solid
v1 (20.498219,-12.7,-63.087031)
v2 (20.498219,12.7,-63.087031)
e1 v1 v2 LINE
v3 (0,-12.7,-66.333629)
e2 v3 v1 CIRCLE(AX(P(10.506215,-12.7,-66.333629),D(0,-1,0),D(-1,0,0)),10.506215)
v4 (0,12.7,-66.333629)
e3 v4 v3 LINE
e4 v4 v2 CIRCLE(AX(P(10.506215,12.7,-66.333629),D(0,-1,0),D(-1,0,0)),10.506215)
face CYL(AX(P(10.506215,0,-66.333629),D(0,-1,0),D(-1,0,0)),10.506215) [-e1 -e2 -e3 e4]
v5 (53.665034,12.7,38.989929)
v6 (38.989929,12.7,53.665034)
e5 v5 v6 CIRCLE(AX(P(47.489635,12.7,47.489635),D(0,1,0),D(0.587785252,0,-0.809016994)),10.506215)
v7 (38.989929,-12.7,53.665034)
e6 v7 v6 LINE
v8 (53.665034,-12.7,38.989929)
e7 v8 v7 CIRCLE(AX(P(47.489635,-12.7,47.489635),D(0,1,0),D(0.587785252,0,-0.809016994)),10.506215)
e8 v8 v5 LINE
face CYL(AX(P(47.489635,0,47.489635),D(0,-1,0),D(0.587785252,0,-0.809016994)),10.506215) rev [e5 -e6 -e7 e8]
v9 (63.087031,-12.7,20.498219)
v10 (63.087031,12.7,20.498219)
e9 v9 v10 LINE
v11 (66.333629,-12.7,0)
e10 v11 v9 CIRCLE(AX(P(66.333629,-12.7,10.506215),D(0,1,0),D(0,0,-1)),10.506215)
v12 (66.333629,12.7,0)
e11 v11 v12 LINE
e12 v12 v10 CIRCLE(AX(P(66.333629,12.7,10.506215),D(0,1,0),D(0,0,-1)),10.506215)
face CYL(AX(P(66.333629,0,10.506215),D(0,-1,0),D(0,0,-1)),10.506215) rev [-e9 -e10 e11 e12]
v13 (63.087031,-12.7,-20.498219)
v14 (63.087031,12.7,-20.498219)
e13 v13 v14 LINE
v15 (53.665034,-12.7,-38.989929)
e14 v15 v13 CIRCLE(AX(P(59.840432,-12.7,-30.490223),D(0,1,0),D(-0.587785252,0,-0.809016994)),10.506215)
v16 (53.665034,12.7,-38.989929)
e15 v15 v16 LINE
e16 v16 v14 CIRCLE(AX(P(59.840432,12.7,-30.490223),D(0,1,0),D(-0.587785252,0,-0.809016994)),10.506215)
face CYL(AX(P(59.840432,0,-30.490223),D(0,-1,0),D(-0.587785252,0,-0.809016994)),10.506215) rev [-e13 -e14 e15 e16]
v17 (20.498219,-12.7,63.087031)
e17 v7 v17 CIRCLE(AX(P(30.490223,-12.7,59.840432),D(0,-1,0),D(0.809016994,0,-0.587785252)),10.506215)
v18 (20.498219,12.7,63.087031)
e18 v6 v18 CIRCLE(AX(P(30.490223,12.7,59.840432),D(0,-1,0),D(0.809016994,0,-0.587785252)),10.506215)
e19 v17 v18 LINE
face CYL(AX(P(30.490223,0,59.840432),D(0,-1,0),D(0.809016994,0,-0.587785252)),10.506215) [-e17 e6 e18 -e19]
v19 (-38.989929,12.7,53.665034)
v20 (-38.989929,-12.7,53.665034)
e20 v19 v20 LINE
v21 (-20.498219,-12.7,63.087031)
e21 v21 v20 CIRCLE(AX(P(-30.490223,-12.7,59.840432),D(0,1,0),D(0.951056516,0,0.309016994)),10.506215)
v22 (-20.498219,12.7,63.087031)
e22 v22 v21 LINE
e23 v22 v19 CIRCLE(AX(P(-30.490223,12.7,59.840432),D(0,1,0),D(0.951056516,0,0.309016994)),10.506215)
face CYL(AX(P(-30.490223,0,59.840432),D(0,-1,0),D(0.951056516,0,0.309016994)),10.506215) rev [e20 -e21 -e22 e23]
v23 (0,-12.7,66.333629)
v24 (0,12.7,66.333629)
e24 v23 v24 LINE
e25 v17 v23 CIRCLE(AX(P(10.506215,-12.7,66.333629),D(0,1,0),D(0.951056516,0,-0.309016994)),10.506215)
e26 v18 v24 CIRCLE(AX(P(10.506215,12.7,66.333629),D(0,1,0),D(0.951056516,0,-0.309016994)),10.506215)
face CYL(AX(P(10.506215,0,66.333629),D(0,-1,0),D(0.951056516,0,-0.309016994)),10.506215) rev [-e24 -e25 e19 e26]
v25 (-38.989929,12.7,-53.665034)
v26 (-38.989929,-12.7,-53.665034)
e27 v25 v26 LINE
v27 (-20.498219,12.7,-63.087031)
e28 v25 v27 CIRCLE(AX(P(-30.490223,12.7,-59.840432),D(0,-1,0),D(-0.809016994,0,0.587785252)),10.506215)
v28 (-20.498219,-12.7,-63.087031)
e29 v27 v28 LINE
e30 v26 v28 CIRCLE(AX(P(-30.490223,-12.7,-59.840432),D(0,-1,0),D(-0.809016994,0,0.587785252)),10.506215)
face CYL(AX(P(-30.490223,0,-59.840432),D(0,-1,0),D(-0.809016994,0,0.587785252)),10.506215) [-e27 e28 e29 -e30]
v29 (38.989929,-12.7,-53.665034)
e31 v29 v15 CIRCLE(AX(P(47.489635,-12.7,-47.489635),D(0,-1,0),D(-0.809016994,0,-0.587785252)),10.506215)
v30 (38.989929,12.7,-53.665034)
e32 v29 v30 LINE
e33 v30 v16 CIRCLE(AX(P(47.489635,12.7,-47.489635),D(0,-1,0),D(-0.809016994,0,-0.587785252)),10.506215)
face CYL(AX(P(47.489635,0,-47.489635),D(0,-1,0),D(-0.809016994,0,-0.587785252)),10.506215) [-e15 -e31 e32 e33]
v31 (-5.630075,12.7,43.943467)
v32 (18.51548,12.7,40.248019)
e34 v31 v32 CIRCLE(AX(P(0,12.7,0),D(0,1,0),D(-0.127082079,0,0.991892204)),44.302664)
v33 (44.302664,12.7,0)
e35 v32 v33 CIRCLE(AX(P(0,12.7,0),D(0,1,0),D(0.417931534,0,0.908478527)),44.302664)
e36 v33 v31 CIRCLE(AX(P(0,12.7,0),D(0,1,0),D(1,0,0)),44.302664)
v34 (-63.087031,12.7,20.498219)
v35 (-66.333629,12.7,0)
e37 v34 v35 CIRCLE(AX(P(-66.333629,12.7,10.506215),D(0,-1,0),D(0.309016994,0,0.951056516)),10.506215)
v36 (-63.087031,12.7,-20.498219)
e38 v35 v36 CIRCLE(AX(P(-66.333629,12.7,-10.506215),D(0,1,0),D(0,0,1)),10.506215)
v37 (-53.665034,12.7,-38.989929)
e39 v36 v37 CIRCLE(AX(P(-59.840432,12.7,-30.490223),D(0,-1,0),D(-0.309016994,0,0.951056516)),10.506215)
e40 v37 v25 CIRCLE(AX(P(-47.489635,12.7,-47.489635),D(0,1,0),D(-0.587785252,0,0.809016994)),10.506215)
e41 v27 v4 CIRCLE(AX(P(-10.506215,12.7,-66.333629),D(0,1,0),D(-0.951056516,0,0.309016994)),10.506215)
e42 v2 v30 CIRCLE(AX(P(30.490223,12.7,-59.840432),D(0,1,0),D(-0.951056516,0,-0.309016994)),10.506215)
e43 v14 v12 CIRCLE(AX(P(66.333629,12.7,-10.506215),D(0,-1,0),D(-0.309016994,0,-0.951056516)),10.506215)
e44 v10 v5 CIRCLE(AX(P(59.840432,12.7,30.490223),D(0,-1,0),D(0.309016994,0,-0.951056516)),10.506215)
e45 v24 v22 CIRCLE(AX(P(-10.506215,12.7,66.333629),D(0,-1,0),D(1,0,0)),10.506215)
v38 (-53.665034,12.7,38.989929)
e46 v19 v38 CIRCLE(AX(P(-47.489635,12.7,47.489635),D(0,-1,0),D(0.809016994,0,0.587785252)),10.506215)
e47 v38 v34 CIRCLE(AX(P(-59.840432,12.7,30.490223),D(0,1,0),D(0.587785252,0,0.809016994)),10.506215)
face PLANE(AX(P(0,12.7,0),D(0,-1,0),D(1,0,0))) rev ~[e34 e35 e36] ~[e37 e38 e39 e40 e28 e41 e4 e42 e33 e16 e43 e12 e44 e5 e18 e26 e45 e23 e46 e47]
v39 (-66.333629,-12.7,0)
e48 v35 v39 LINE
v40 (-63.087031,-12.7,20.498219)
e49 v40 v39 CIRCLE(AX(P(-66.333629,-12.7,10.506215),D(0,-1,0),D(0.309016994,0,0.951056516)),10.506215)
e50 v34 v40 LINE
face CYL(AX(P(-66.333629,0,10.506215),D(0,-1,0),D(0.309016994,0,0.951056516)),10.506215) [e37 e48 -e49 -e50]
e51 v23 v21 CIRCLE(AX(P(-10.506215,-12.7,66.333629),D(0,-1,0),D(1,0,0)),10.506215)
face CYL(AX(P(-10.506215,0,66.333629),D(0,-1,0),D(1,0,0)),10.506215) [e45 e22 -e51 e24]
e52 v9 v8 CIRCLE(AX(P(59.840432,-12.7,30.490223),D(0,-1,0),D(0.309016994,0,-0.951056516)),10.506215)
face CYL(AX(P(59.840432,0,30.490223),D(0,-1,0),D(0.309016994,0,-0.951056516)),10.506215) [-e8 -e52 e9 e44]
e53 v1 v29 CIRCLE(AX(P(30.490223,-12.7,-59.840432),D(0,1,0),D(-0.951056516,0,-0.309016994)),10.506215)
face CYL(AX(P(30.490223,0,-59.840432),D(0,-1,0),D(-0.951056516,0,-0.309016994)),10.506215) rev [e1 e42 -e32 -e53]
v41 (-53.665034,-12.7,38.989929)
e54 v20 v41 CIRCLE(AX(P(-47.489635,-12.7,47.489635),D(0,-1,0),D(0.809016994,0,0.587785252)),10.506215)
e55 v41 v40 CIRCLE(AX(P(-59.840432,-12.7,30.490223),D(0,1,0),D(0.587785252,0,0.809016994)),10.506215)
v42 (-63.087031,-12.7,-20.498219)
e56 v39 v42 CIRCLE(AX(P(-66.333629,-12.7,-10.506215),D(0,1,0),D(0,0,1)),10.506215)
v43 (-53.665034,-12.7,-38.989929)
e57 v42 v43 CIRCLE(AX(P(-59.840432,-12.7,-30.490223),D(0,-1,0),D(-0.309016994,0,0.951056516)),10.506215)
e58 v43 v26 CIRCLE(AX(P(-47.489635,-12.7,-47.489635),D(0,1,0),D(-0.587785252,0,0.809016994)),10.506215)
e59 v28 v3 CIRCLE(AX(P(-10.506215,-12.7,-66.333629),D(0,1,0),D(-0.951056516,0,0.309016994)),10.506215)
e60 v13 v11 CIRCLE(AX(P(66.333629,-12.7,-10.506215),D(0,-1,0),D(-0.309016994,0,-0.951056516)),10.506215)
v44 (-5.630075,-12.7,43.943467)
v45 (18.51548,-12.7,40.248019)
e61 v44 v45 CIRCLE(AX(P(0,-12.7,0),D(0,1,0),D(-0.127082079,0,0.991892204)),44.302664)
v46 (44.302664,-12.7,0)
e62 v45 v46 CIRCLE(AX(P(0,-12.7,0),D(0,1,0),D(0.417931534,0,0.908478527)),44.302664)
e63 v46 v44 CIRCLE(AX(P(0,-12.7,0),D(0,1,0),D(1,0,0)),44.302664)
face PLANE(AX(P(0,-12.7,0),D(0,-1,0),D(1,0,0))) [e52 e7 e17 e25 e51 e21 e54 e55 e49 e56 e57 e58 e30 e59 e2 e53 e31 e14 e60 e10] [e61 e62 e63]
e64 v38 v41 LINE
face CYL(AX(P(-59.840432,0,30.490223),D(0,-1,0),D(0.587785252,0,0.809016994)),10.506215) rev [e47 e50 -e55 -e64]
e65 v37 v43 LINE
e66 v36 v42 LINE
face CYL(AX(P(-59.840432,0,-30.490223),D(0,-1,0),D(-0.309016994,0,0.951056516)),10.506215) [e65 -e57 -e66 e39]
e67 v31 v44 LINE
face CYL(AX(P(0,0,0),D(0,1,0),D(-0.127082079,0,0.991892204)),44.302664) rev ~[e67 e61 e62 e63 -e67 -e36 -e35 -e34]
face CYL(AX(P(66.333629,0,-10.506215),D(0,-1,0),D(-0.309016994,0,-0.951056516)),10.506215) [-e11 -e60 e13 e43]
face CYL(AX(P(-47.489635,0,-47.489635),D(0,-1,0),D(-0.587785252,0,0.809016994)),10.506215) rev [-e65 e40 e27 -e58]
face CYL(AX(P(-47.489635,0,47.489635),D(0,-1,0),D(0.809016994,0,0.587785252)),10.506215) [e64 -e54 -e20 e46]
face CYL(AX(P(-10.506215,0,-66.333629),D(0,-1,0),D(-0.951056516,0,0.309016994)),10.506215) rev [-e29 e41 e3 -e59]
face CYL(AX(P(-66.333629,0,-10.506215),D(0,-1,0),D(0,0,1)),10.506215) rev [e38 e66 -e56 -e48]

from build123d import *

# Parameters (mm, degrees)
F1_DEPTH = 12.7


with BuildPart() as f1:
    # F0 (on Front) → F1 (new body, symmetric)
    with BuildSketch(Plane.XZ):
        with BuildLine():
            ThreePointArc((0, 66.3336294239), (-12.1497488583, 76.710495257), (-20.4982187905, 63.0870305131))
            ThreePointArc((-20.4982187905, 63.0870305131), (-25.7205011158, 50.4793256968), (-38.9899291064, 53.6650335025))
            ThreePointArc((-38.9899291064, 53.6650335025), (-54.9186511119, 54.9186511119), (-53.6650335025, 38.9899291064))
            ThreePointArc((-53.6650335025, 38.9899291064), (-50.4793256968, 25.7205011158), (-63.0870305131, 20.4982187905))
            ThreePointArc((-63.0870305131, 20.4982187905), (-76.710495257, 12.1497488583), (-66.3336294239, 0))
            ThreePointArc((-66.3336294239, 0), (-55.9567635908, -8.8626806837), (-63.0870305131, -20.4982187905))
            ThreePointArc((-63.0870305131, -20.4982187905), (-69.2015375078, -35.2599445044), (-53.6650335025, -38.9899291064))
            ThreePointArc((-53.6650335025, -38.9899291064), (-40.0606196935, -40.0606196935), (-38.9899291064, -53.6650335025))
            ThreePointArc((-38.9899291064, -53.6650335025), (-35.2599445044, -69.2015375078), (-20.4982187905, -63.0870305131))
            ThreePointArc((-20.4982187905, -63.0870305131), (-8.8626806837, -55.9567635908), (0, -66.3336294239))
            ThreePointArc((0, -66.3336294239), (12.1497488583, -76.710495257), (20.4982187905, -63.0870305131))
            ThreePointArc((20.4982187905, -63.0870305131), (25.7205011158, -50.4793256968), (38.9899291064, -53.6650335025))
            ThreePointArc((38.9899291064, -53.6650335025), (54.9186511119, -54.9186511119), (53.6650335025, -38.9899291064))
            ThreePointArc((53.6650335025, -38.9899291064), (50.4793256968, -25.7205011158), (63.0870305131, -20.4982187905))
            ThreePointArc((63.0870305131, -20.4982187905), (76.710495257, -12.1497488583), (66.3336294239, 0))
            ThreePointArc((66.3336294239, 0), (55.9567635908, 8.8626806837), (63.0870305131, 20.4982187905))
            ThreePointArc((63.0870305131, 20.4982187905), (69.2015375078, 35.2599445044), (53.6650335025, 38.9899291064))
            ThreePointArc((53.6650335025, 38.9899291064), (40.0606196935, 40.0606196935), (38.9899291064, 53.6650335025))
            ThreePointArc((38.9899291064, 53.6650335025), (35.2599445044, 69.2015375078), (20.4982187905, 63.0870305131))
            ThreePointArc((20.4982187905, 63.0870305131), (8.8626806837, 55.9567635908), (0, 66.3336294239))
        make_face()
        with BuildLine():
            ThreePointArc((-5.6300746322, 43.9434670001), (6.7024252272, 43.79273374), (18.5154802819, 40.2480188615))
            ThreePointArc((18.5154802819, 40.2480188615), (37.3028895195, 23.9002189498), (44.3026639419, 0))
            ThreePointArc((44.3026639419, 0), (-29.2685729747, -33.2577309565), (-5.6300746322, 43.9434670001))
        make_face(mode=Mode.SUBTRACT)
    extrude(amount=F1_DEPTH, both=True)


solid = f1.part
